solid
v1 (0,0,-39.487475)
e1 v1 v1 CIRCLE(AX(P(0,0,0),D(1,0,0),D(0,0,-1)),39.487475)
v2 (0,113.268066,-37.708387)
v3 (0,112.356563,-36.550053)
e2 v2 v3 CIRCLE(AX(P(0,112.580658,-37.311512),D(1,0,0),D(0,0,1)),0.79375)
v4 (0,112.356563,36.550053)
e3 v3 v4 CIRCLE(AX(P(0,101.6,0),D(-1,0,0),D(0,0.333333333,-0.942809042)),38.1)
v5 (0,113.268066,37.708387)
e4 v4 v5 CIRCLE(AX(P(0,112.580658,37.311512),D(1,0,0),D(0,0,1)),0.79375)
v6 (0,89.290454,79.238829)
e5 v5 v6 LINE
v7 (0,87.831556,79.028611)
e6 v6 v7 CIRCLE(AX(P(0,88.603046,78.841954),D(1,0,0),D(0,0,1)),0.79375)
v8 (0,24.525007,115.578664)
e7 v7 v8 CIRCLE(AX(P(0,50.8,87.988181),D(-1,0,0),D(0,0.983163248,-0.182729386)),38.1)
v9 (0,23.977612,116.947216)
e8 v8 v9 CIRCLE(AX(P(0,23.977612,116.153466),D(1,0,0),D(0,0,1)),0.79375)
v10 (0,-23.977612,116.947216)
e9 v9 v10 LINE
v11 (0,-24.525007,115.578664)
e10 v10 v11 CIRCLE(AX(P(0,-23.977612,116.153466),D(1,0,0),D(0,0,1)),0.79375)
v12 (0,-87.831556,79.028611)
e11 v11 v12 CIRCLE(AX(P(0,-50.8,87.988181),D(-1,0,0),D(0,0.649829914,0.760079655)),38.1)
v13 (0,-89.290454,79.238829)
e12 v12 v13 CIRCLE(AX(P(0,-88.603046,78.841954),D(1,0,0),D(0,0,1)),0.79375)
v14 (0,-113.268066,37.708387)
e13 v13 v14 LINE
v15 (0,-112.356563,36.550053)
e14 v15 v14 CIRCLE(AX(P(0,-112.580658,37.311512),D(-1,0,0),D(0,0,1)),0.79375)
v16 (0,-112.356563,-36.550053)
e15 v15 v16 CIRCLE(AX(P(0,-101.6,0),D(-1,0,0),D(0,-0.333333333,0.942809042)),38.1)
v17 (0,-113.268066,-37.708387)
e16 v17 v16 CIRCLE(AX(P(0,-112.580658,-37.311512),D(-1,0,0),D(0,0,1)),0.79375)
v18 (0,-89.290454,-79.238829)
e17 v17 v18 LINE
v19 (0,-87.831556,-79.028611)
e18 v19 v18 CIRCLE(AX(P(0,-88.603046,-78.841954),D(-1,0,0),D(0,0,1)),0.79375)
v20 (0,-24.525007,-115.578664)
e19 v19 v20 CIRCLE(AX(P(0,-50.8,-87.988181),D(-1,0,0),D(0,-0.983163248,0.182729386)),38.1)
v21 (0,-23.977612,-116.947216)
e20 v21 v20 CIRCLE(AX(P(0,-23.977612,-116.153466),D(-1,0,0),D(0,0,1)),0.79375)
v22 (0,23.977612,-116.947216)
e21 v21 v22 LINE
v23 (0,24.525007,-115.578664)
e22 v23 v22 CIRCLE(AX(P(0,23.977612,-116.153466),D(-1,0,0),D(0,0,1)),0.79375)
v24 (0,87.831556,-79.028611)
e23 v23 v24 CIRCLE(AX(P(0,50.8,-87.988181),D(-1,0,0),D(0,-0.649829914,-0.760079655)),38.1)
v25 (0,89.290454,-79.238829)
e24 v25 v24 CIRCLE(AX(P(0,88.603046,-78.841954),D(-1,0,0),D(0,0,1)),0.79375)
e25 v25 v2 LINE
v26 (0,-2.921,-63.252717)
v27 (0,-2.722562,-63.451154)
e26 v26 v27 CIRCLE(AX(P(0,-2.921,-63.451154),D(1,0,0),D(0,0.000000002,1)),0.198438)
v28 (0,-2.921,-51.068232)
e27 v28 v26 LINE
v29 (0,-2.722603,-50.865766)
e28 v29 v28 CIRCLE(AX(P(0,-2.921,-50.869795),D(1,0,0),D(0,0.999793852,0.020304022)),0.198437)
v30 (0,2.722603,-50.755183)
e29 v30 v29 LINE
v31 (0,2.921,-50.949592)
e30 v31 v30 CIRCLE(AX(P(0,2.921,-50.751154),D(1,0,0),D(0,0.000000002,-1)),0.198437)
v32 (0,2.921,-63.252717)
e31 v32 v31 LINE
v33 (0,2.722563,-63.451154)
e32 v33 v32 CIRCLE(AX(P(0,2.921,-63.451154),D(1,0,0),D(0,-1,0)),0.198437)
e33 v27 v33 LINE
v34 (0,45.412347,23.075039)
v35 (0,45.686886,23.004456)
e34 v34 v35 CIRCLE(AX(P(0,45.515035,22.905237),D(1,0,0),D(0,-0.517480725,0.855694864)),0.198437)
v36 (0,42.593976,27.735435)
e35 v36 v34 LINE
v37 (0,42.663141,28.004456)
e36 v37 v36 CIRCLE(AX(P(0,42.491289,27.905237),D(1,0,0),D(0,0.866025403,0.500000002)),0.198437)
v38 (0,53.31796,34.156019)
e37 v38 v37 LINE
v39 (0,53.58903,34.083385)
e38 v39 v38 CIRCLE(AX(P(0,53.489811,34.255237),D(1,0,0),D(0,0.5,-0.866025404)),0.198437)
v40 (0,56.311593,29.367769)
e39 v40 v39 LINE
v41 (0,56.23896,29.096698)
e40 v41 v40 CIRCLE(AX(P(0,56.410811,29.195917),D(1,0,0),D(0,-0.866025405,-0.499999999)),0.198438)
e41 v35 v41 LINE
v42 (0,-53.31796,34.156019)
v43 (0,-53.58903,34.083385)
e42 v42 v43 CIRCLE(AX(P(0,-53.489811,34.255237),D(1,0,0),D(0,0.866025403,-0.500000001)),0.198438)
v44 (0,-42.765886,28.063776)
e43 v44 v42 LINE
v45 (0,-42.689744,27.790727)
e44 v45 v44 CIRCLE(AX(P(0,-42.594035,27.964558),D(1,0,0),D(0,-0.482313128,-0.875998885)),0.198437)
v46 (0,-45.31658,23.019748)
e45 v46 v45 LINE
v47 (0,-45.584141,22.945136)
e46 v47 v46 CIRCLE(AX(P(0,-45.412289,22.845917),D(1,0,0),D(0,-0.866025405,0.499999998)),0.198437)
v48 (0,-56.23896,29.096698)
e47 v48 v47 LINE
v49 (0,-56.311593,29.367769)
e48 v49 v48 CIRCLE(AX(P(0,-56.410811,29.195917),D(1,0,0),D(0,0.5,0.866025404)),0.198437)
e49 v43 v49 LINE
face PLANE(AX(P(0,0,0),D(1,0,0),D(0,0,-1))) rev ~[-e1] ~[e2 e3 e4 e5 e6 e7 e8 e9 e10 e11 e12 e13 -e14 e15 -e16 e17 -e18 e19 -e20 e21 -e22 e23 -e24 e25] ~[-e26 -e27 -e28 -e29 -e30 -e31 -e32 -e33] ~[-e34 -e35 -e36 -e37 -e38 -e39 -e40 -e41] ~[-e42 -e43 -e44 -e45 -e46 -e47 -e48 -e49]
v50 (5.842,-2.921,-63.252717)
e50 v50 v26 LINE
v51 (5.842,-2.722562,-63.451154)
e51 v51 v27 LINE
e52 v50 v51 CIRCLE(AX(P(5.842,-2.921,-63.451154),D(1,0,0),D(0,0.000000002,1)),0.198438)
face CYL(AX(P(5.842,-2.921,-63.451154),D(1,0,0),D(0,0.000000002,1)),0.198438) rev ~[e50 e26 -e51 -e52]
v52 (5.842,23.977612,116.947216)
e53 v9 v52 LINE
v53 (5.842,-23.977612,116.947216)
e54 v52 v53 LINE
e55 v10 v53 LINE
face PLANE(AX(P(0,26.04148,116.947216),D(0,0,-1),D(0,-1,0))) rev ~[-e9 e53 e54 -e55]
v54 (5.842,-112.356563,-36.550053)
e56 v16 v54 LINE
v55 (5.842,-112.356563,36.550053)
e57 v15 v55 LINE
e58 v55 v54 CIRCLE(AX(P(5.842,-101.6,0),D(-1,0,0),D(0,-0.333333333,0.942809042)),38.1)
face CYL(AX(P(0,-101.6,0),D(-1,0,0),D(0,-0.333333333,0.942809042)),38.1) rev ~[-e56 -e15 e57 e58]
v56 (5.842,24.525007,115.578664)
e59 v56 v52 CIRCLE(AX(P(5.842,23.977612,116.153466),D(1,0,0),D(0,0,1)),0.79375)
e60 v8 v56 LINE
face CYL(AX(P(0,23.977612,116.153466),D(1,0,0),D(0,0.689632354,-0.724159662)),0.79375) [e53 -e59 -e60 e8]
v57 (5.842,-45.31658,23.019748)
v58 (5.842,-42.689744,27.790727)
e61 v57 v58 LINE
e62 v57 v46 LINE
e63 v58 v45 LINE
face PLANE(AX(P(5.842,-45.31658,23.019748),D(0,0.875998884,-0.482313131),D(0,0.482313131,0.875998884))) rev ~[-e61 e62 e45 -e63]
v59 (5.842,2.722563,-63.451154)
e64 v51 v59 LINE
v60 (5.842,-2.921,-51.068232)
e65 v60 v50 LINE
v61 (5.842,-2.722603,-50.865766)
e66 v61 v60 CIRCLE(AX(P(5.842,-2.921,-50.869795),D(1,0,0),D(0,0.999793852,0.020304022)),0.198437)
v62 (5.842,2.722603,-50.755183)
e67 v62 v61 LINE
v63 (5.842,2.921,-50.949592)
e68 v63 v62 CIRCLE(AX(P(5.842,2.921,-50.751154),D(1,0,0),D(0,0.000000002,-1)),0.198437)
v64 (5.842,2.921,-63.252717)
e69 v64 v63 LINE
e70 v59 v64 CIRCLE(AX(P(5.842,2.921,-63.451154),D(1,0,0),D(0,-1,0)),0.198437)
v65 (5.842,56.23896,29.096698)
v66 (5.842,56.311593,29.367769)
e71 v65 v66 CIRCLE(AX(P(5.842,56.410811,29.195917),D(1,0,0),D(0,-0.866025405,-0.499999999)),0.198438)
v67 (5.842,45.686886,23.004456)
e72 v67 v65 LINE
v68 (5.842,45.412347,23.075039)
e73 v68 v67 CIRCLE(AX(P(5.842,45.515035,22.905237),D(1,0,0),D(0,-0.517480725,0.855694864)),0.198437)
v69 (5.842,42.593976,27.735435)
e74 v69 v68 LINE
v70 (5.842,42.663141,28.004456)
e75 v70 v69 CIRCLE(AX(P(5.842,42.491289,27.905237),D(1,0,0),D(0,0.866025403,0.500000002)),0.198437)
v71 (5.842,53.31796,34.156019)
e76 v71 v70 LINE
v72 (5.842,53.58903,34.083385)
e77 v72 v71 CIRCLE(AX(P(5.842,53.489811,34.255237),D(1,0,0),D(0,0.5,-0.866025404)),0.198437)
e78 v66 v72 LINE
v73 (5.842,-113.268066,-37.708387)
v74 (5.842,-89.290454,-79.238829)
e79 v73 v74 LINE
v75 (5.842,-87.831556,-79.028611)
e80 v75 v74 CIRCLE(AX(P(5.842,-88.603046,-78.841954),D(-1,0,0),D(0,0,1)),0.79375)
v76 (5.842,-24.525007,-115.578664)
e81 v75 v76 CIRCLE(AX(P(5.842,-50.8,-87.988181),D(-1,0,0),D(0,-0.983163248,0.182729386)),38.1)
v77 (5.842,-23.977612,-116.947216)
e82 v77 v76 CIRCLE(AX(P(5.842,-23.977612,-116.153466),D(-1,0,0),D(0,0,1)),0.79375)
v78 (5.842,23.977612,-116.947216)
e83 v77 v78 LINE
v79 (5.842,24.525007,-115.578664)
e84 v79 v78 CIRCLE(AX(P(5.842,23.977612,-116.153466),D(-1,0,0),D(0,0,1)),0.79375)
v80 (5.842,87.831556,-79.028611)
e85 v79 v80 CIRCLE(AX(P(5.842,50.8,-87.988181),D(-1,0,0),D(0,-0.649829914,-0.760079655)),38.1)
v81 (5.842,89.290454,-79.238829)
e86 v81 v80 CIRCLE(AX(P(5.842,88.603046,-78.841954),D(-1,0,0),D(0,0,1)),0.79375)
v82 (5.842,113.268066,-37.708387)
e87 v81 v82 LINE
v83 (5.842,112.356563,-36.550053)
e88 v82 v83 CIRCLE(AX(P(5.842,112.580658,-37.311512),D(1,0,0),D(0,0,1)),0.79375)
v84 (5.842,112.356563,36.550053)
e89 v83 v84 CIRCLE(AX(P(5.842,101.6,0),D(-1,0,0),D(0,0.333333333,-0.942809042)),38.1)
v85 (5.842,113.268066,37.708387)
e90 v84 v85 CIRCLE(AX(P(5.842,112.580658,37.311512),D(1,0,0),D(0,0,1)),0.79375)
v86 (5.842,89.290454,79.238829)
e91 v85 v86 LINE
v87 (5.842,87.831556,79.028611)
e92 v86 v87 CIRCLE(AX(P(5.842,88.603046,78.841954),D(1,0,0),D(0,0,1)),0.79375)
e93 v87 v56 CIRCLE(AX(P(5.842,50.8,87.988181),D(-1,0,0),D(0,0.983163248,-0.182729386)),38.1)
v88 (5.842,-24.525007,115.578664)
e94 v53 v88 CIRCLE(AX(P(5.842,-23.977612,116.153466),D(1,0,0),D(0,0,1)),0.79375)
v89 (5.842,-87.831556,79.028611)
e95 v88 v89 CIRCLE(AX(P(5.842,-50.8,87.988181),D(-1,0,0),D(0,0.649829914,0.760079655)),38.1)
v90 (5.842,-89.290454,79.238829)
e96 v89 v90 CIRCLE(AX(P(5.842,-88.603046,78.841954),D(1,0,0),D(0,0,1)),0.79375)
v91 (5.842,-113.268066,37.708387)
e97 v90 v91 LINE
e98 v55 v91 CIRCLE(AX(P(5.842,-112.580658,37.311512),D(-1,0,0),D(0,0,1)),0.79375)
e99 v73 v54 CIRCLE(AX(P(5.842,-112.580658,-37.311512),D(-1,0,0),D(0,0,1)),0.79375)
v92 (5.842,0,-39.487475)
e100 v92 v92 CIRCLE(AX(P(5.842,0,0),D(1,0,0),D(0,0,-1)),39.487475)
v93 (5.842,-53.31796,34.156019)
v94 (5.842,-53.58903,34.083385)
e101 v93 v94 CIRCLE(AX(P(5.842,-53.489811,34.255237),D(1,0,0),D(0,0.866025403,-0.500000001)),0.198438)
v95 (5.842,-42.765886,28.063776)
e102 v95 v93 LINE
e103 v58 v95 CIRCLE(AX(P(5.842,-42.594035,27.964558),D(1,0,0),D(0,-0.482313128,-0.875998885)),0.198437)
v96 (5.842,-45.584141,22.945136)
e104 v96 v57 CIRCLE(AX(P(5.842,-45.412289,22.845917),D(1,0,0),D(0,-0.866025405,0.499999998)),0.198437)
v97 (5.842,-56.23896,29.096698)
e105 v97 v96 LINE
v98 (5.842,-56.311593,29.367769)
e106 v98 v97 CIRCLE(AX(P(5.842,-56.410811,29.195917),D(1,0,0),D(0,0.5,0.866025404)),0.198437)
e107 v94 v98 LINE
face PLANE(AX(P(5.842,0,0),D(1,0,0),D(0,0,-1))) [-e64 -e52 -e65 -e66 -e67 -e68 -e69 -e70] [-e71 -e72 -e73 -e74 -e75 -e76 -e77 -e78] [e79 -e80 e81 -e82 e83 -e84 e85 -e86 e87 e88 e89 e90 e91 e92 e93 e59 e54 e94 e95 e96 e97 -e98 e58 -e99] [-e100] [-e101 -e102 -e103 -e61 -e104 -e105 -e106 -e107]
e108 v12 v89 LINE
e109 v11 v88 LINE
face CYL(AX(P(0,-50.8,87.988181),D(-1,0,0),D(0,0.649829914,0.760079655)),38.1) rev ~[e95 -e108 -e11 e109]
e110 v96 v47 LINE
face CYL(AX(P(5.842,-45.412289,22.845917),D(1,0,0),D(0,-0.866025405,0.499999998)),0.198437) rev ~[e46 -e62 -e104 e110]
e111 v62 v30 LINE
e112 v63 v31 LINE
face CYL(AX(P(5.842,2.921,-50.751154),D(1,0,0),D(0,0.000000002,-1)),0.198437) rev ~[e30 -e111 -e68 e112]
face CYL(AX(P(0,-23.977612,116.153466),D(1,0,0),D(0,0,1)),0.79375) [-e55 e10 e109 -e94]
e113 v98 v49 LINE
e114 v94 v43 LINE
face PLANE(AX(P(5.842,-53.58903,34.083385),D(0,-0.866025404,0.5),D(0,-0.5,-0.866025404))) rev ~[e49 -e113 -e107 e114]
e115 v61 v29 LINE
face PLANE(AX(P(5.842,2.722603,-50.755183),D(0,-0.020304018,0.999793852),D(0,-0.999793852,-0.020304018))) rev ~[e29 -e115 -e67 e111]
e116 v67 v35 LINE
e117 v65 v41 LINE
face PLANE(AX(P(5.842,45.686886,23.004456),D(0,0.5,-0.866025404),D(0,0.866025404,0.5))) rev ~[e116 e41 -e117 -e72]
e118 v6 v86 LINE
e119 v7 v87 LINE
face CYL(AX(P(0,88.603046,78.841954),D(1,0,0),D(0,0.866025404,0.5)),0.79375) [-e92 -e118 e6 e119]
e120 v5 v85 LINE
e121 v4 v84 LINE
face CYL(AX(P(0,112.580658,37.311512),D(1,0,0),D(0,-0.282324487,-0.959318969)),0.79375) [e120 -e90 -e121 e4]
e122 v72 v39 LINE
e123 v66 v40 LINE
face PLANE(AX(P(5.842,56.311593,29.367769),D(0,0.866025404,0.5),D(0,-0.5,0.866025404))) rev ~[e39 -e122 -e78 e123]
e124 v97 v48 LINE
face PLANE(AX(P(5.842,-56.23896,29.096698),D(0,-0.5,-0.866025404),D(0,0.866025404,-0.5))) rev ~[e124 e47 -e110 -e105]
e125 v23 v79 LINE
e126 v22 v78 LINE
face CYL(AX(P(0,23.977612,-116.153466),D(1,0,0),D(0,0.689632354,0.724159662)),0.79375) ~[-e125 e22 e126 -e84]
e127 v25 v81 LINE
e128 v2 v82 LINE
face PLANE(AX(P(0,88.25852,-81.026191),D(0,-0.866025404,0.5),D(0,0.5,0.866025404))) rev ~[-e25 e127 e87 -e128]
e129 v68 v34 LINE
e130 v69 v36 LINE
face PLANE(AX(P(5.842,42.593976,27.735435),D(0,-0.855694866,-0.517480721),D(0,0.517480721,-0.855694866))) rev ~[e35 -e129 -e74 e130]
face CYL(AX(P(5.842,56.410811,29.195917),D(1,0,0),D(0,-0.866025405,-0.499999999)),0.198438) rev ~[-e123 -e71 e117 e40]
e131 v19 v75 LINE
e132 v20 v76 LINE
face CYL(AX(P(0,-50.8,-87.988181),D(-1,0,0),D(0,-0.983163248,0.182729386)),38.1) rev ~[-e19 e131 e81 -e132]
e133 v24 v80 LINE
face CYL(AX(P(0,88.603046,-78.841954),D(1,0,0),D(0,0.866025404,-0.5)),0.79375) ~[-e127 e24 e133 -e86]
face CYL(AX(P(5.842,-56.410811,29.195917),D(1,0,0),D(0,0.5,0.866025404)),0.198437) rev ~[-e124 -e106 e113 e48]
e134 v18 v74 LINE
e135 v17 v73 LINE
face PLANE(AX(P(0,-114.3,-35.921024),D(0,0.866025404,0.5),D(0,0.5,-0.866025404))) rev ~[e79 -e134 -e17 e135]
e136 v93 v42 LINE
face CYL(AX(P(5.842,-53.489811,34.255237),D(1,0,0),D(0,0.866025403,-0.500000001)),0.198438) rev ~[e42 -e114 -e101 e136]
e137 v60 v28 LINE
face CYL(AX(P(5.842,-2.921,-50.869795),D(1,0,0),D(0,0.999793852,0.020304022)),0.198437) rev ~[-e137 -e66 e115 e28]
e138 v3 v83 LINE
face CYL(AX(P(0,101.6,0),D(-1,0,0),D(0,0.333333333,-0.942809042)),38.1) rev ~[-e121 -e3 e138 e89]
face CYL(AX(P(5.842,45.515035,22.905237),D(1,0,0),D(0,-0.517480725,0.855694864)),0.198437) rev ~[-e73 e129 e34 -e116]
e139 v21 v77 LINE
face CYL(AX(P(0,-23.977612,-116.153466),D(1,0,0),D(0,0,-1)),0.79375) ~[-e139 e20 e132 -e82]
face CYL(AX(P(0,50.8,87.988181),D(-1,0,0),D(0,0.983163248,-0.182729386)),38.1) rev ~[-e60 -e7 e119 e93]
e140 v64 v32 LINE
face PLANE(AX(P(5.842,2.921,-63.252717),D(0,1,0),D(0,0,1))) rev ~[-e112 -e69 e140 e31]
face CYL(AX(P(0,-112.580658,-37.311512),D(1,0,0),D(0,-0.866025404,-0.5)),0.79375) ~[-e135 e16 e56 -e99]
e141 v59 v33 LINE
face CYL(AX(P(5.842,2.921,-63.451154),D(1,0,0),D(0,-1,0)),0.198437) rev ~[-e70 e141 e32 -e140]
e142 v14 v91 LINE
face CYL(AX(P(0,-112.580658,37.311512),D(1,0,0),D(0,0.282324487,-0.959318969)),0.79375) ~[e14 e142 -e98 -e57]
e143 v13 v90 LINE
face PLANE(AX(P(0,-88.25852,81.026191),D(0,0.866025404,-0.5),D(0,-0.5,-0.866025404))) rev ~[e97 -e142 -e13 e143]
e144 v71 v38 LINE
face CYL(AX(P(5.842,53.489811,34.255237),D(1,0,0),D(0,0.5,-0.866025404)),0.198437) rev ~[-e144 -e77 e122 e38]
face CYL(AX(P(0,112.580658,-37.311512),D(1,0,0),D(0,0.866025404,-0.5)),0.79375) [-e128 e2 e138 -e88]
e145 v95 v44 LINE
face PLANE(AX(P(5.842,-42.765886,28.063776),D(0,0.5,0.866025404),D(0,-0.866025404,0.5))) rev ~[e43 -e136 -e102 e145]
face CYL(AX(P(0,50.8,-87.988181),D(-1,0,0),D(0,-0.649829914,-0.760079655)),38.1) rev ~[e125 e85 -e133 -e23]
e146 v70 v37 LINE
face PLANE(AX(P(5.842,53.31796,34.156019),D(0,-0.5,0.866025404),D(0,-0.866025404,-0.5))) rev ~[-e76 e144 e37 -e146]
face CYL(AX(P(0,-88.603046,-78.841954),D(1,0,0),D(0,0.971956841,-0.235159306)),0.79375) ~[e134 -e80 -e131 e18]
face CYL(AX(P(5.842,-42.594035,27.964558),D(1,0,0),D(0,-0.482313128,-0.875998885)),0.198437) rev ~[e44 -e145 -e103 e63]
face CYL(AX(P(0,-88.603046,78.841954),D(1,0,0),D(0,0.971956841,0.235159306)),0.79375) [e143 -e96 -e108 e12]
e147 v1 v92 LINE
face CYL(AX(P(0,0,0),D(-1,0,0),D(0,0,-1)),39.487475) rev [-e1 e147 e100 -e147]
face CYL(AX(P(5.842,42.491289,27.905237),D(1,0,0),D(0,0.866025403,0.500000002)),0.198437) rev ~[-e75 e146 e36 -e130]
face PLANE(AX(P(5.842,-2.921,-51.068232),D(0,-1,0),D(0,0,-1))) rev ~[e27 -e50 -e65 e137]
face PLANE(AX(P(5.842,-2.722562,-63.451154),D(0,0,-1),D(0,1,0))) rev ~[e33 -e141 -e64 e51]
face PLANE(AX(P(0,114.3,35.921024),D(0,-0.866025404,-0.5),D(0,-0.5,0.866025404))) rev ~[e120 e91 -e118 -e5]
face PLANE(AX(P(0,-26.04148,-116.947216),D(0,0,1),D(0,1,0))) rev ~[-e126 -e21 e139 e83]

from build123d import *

# Parameters (mm, degrees)
SKETCH2_R           = 39.487475
BOSS_EXTRUDE1_DEPTH = 5.842
FILLET1_R           = 0.79375
CUT_EXTRUDE2_DEPTH  = 163.986308211
CIRPATTERN2_COUNT   = 3


with BuildPart() as part:
    # Sketch2 → Boss-Extrude1 (new body)
    with BuildSketch(Plane(origin=(0, 0, 0), x_dir=(0, 0, -1), z_dir=(1, 0, 0))):
        with BuildLine():
            Line((81.02619141, 88.258519733), (35.921024484, 114.3))
            ThreePointArc((35.921024484, 114.3), (0, 63.5), (-35.921024484, 114.3))
            Line((-35.921024484, 114.3), (-81.02619141, 88.258519733))
            ThreePointArc((-81.02619141, 88.258519733), (-54.99261314, 31.75), (-116.947215895, 26.041480267))
            Line((-116.947215895, 26.041480267), (-116.947215895, -26.041480267))
            ThreePointArc((-116.947215895, -26.041480267), (-54.99261314, -31.75), (-81.02619141, -88.258519733))
            Line((-81.02619141, -88.258519733), (-35.921024484, -114.3))
            ThreePointArc((-35.921024484, -114.3), (0, -63.5), (35.921024484, -114.3))
            Line((35.921024484, -114.3), (81.02619141, -88.258519733))
            ThreePointArc((81.02619141, -88.258519733), (54.99261314, -31.75), (116.947215895, -26.041480267))
            Line((116.947215895, -26.041480267), (116.947215895, 26.041480267))
            ThreePointArc((116.947215895, 26.041480267), (54.99261314, 31.75), (81.02619141, 88.258519733))
        make_face()
        Circle(SKETCH2_R, mode=Mode.SUBTRACT)
    extrude(amount=BOSS_EXTRUDE1_DEPTH)

    # Fillet1
    fillet1_edges = [part.edges().sort_by_distance(p)[0] for p in [
        (2.921, 88.258519733, 81.02619141),
        (2.921, 114.3, 35.921024484),
        (2.921, 114.3, -35.921024484),
        (2.921, 88.258519733, -81.02619141),
        (2.921, 26.041480267, -116.947215895),
        (2.921, -26.041480267, -116.947215895),
        (2.921, -88.258519733, -81.02619141),
        (2.921, -114.3, -35.921024484),
        (2.921, -114.3, 35.921024484),
        (2.921, -88.258519733, 81.02619141),
        (2.921, -26.041480267, 116.947215895),
        (2.921, 26.041480267, 116.947215895),
    ]]
    fillet(fillet1_edges, radius=FILLET1_R)

    # Sketch6 → Cut-Extrude2 (cut, through all)
    with BuildSketch(Plane(origin=(5.842, 0, 0), x_dir=(0, 0, -1), z_dir=(1, 0, 0))):
        with BuildLine():
            Line((-23.004455913, 45.686886441), (-29.096698147, 56.238959523))
            ThreePointArc((-29.096698147, 56.238959523), (-29.144557493, 56.602487346), (-29.367768813, 56.311592689))
            Line((-29.367768813, 56.311592689), (-34.08338539, 53.589030189))
            ThreePointArc((-34.08338539, 53.589030189), (-34.446913212, 53.541170844), (-34.156018556, 53.317959523))
            Line((-34.156018556, 53.317959523), (-28.004456056, 42.663140727))
            ThreePointArc((-28.004456056, 42.663140727), (-27.954648068, 42.299101356), (-27.735435356, 42.593976392))
            Line((-27.735435356, 42.593976392), (-23.075039112, 45.412346944))
            ThreePointArc((-23.075039112, 45.412346944), (-22.713049707, 45.465623764), (-23.004455913, 45.686886441))
        make_face()
    cut_extrude2 = extrude(amount=-CUT_EXTRUDE2_DEPTH, mode=Mode.SUBTRACT)

    # CirPattern2: Cut-Extrude2 ×3 about axis
    cirpattern2_axis = Axis((0, 0, 0), (1, 0, 0))
    for i in range(1, CIRPATTERN2_COUNT):
        add(cut_extrude2.rotate(cirpattern2_axis, i * 360 / CIRPATTERN2_COUNT), mode=Mode.SUBTRACT)


solid = part.part
